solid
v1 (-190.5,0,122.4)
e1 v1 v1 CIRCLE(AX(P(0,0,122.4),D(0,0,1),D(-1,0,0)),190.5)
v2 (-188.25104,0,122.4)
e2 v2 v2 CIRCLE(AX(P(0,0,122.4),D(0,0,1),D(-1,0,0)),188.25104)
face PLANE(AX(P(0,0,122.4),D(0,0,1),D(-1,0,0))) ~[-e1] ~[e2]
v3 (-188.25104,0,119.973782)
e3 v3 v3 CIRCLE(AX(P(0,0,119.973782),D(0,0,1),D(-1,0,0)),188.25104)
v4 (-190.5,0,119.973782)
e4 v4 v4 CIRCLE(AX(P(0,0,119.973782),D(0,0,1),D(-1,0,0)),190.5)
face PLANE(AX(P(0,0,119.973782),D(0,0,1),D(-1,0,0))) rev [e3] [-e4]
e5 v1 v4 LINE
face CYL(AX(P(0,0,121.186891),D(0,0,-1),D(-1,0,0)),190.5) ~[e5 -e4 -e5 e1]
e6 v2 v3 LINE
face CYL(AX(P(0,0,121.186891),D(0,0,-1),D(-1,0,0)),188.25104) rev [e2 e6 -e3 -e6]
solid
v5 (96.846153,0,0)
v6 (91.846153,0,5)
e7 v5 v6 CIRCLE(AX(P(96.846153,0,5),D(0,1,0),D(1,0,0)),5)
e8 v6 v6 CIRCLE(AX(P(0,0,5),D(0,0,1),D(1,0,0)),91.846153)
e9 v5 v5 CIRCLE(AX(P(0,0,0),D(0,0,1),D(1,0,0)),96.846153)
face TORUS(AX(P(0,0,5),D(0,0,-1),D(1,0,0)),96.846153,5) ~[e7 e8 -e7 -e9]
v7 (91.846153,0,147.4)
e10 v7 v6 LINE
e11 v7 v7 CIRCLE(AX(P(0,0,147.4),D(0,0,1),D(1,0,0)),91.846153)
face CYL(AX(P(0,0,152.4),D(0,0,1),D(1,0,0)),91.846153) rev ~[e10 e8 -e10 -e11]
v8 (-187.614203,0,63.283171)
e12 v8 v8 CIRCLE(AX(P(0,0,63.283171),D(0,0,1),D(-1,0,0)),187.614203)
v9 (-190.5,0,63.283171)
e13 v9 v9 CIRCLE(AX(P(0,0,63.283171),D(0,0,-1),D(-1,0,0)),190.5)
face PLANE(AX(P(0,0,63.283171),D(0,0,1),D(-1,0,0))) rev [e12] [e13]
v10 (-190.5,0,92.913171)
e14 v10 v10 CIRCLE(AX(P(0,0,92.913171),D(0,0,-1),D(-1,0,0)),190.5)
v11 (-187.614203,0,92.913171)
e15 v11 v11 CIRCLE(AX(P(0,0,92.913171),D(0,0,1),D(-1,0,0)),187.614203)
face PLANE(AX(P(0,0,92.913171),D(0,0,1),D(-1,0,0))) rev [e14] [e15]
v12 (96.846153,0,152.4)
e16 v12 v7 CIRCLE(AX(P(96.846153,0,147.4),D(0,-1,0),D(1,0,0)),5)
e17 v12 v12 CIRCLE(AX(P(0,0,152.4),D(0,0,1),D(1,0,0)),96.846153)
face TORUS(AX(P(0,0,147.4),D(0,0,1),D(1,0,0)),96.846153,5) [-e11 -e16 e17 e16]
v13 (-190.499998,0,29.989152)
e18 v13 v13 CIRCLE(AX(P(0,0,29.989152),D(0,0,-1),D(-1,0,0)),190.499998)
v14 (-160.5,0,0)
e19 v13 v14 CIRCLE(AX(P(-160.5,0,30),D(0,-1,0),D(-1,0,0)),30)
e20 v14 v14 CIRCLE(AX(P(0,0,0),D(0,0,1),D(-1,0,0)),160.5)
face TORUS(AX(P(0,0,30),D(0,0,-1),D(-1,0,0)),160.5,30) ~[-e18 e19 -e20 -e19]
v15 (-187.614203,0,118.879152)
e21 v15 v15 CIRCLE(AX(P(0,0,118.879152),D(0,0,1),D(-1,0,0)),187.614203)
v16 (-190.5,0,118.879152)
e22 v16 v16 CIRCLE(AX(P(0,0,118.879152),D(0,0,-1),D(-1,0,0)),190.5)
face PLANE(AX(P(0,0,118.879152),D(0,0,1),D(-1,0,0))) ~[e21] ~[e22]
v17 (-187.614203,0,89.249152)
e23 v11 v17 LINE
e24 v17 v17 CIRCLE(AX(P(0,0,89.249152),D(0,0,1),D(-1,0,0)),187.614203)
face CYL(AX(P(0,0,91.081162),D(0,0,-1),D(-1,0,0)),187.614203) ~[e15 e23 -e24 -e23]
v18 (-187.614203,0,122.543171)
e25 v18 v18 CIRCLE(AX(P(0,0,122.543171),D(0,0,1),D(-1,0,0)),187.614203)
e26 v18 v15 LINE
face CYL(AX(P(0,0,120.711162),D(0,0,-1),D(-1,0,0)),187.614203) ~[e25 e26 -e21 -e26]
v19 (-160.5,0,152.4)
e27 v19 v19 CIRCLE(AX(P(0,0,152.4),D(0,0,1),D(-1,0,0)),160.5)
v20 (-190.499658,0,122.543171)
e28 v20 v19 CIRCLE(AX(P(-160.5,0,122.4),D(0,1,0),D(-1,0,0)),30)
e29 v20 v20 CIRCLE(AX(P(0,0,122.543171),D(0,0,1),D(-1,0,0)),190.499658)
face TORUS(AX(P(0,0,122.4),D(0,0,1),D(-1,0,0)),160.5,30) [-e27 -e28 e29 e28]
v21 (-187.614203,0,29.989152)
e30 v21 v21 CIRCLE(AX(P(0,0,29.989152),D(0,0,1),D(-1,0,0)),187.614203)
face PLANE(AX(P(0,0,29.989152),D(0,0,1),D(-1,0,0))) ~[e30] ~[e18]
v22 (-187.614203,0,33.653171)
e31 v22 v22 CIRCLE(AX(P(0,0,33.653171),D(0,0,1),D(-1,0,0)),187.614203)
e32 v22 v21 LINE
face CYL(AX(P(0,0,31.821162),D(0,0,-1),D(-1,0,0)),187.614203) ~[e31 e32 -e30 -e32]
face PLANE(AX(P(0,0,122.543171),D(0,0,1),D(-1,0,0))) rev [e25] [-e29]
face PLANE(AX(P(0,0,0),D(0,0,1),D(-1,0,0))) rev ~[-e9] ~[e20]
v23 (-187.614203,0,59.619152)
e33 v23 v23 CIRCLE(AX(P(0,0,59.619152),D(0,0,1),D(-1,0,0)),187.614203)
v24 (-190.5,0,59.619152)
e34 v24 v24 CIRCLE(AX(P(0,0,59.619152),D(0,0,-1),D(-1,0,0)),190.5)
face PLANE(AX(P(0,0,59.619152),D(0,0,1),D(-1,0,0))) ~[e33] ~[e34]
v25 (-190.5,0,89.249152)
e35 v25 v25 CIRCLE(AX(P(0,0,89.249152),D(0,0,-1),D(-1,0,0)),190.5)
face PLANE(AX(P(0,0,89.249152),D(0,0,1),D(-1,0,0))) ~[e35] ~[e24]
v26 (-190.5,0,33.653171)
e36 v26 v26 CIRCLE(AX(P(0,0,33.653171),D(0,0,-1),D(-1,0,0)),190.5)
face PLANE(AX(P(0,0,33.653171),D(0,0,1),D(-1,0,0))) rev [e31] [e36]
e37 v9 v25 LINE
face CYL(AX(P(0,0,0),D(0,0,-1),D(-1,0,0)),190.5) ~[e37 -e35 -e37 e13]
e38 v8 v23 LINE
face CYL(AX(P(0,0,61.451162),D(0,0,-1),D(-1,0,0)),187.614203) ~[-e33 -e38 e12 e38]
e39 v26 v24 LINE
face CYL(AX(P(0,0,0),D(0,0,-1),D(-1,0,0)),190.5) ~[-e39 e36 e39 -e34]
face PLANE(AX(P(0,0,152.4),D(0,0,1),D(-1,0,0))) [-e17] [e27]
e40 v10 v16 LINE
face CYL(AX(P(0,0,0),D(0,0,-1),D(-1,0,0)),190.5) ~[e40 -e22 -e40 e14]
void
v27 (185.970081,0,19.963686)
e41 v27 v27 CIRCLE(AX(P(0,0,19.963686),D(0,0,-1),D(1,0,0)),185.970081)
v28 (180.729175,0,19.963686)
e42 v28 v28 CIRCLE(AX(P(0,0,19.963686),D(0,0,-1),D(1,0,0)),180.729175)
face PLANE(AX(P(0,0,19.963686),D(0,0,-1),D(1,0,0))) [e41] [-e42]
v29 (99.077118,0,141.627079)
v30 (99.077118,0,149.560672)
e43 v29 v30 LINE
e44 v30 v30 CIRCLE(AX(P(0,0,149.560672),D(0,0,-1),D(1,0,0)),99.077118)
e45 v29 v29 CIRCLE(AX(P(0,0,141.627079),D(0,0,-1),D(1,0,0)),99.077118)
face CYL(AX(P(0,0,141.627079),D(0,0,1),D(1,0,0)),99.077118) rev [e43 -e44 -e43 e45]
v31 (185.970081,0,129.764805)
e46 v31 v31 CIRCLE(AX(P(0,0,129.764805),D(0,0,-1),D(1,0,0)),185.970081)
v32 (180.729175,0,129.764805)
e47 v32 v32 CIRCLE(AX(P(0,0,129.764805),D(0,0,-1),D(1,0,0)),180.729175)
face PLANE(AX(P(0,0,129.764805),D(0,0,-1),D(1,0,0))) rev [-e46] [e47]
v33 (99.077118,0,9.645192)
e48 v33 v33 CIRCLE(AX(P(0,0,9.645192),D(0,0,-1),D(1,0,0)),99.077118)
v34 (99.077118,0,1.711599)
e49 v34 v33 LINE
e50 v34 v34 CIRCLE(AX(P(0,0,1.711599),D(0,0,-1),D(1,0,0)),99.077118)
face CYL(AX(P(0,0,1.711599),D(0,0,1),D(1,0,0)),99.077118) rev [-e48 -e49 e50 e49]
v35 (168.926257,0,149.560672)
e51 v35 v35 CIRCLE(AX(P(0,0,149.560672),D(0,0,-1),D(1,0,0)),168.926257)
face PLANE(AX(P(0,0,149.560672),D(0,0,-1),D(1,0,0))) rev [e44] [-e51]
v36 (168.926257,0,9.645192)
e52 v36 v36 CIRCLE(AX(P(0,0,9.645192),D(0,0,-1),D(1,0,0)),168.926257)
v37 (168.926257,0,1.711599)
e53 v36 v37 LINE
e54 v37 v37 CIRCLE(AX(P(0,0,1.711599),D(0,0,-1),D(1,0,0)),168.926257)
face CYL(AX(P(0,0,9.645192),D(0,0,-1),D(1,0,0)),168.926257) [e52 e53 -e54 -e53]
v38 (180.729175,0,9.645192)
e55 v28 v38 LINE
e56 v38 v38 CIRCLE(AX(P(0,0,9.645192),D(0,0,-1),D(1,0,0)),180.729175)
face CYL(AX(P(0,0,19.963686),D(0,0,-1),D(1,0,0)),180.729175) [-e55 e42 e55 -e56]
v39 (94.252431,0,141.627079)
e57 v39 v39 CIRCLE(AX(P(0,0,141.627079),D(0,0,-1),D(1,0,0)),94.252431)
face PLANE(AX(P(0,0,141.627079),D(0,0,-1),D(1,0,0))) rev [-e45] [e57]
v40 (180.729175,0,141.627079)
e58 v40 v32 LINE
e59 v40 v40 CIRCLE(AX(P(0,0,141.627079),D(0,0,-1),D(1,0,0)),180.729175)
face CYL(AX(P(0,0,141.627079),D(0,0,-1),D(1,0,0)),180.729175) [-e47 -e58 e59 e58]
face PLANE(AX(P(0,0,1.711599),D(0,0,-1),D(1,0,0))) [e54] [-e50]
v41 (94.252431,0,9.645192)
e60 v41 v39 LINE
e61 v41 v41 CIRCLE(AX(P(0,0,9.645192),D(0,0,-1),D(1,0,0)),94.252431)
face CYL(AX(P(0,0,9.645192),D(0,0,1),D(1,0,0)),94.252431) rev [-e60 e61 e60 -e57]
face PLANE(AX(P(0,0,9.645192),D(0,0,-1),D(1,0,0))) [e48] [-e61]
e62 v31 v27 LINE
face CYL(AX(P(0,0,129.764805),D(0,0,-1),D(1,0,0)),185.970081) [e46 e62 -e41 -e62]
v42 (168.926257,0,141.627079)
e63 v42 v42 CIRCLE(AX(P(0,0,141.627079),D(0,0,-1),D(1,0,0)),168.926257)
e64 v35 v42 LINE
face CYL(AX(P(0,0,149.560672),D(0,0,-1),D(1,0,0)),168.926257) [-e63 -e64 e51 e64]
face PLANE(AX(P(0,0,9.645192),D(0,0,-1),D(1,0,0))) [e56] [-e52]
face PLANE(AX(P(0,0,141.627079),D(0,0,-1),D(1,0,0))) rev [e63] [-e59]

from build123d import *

# Parameters (mm, degrees)
SKETCH1_R           = 190.5
BOSS_EXTRUDE2_DEPTH = 152.4
SKETCH2_R           = 91.846152722
CUT_EXTRUDE1_DEPTH  = 310.525863217
FILLET6_R           = 30
FILLET7_R           = 5
FILLET8_R           = 30
FILLET9_R           = 5
SKETCH15_W          = 3.664018236
SKETCH15_H          = 9.251646897
LPATTERN1_COUNT     = 4
LPATTERN1_PITCH     = 29.63
SKETCH12_W          = 2.426218227
SKETCH12_H          = 2.248959897


with BuildPart() as part:
    # Sketch1 → Boss-Extrude2 (new body)
    with BuildSketch(Plane.XY):
        with Locations(Location((0, 0, 0), (0, 0, 180))):
            Circle(SKETCH1_R)
    extrude(amount=BOSS_EXTRUDE2_DEPTH)

    # Sketch2 → Cut-Extrude1 (cut, through all)
    with BuildSketch(Plane.XY.offset(152.4)):
        Circle(SKETCH2_R)
    extrude(amount=-CUT_EXTRUDE1_DEPTH, mode=Mode.SUBTRACT)

    # Fillet6
    fillet6_edges = [part.edges().sort_by_distance(p)[0] for p in [
        (190.5, 0, 152.4),
    ]]
    fillet(fillet6_edges, radius=FILLET6_R)

    # Fillet7
    fillet7_edges = [part.edges().sort_by_distance(p)[0] for p in [
        (-91.846152722, 0, 152.4),
    ]]
    fillet(fillet7_edges, radius=FILLET7_R)

    # Fillet8
    fillet8_edges = [part.edges().sort_by_distance(p)[0] for p in [
        (190.5, 0, 0),
    ]]
    fillet(fillet8_edges, radius=FILLET8_R)

    # Fillet9
    fillet9_edges = [part.edges().sort_by_distance(p)[0] for p in [
        (-91.846152722, 0, 0),
    ]]
    fillet(fillet9_edges, radius=FILLET9_R)

    # Sketch15 → Cut-Revolve2 (revolve, cut)
    with BuildSketch(Plane(origin=(0, 0, 0), x_dir=(0, 0, -1), z_dir=(1, 0, 0)), mode=Mode.PRIVATE) as cut_revolve2_sk:
        with Locations((-120.711161531, 192.240026696)):
            Rectangle(SKETCH15_W, SKETCH15_H)
    cut_revolve2 = revolve(cut_revolve2_sk.sketch.rotate(Axis((0, 0, 0), (0, 0, 1)), 90), axis=Axis((0, 0, 0), (0, 0, 1)), mode=Mode.SUBTRACT)

    # LPattern1: Cut-Revolve2 ×4
    with Locations(*[(0, 0, -i * LPATTERN1_PITCH) for i in range(1, LPATTERN1_COUNT)]):
        add(cut_revolve2, mode=Mode.SUBTRACT)

    # Sketch16 → Cut-Revolve3 (revolve, cut)
    with BuildSketch(Plane(origin=(0, 0, 0), x_dir=(1, 0, 0), z_dir=(0, 1, 0)), mode=Mode.PRIVATE) as cut_revolve3_sk:
        Polygon((-180.729174932, -9.645191629), (-168.926256906, -9.645191629), (-168.926256906, -1.711599117), (-99.07711791, -1.711599117), (-99.07711791, -9.645191629), (-94.252430553, -9.645191629), (-94.252430553, -141.627079393), (-99.07711791, -141.627079393), (-99.07711791, -149.560671905), (-168.926256906, -149.560671905), (-168.926256906, -141.627079393), (-180.729174932, -141.627079393), (-180.729174932, -129.764804653), (-185.970080603, -129.764804653), (-185.970080603, -19.963686479), (-180.729174932, -19.963686479), align=None)
    revolve(cut_revolve3_sk.sketch.rotate(Axis((0, 0, 118.879152413), (0, 0, -1)), 180), axis=Axis((0, 0, 118.879152413), (0, 0, -1)), mode=Mode.SUBTRACT)


with BuildPart() as body_2:
    # Sketch12 → Revolve6 (revolve)
    with BuildSketch(Plane(origin=(0, 0, 0), x_dir=(0, 0, -1), z_dir=(1, 0, 0)), mode=Mode.PRIVATE) as revolve6_sk:
        with Locations((-121.186890887, 189.375520052)):
            Rectangle(SKETCH12_W, SKETCH12_H)
    revolve(revolve6_sk.sketch.rotate(Axis((0, 0, 0), (0, 0, 1)), 90), axis=Axis((0, 0, 0), (0, 0, 1)))


solid = Compound([part.part, body_2.part])
